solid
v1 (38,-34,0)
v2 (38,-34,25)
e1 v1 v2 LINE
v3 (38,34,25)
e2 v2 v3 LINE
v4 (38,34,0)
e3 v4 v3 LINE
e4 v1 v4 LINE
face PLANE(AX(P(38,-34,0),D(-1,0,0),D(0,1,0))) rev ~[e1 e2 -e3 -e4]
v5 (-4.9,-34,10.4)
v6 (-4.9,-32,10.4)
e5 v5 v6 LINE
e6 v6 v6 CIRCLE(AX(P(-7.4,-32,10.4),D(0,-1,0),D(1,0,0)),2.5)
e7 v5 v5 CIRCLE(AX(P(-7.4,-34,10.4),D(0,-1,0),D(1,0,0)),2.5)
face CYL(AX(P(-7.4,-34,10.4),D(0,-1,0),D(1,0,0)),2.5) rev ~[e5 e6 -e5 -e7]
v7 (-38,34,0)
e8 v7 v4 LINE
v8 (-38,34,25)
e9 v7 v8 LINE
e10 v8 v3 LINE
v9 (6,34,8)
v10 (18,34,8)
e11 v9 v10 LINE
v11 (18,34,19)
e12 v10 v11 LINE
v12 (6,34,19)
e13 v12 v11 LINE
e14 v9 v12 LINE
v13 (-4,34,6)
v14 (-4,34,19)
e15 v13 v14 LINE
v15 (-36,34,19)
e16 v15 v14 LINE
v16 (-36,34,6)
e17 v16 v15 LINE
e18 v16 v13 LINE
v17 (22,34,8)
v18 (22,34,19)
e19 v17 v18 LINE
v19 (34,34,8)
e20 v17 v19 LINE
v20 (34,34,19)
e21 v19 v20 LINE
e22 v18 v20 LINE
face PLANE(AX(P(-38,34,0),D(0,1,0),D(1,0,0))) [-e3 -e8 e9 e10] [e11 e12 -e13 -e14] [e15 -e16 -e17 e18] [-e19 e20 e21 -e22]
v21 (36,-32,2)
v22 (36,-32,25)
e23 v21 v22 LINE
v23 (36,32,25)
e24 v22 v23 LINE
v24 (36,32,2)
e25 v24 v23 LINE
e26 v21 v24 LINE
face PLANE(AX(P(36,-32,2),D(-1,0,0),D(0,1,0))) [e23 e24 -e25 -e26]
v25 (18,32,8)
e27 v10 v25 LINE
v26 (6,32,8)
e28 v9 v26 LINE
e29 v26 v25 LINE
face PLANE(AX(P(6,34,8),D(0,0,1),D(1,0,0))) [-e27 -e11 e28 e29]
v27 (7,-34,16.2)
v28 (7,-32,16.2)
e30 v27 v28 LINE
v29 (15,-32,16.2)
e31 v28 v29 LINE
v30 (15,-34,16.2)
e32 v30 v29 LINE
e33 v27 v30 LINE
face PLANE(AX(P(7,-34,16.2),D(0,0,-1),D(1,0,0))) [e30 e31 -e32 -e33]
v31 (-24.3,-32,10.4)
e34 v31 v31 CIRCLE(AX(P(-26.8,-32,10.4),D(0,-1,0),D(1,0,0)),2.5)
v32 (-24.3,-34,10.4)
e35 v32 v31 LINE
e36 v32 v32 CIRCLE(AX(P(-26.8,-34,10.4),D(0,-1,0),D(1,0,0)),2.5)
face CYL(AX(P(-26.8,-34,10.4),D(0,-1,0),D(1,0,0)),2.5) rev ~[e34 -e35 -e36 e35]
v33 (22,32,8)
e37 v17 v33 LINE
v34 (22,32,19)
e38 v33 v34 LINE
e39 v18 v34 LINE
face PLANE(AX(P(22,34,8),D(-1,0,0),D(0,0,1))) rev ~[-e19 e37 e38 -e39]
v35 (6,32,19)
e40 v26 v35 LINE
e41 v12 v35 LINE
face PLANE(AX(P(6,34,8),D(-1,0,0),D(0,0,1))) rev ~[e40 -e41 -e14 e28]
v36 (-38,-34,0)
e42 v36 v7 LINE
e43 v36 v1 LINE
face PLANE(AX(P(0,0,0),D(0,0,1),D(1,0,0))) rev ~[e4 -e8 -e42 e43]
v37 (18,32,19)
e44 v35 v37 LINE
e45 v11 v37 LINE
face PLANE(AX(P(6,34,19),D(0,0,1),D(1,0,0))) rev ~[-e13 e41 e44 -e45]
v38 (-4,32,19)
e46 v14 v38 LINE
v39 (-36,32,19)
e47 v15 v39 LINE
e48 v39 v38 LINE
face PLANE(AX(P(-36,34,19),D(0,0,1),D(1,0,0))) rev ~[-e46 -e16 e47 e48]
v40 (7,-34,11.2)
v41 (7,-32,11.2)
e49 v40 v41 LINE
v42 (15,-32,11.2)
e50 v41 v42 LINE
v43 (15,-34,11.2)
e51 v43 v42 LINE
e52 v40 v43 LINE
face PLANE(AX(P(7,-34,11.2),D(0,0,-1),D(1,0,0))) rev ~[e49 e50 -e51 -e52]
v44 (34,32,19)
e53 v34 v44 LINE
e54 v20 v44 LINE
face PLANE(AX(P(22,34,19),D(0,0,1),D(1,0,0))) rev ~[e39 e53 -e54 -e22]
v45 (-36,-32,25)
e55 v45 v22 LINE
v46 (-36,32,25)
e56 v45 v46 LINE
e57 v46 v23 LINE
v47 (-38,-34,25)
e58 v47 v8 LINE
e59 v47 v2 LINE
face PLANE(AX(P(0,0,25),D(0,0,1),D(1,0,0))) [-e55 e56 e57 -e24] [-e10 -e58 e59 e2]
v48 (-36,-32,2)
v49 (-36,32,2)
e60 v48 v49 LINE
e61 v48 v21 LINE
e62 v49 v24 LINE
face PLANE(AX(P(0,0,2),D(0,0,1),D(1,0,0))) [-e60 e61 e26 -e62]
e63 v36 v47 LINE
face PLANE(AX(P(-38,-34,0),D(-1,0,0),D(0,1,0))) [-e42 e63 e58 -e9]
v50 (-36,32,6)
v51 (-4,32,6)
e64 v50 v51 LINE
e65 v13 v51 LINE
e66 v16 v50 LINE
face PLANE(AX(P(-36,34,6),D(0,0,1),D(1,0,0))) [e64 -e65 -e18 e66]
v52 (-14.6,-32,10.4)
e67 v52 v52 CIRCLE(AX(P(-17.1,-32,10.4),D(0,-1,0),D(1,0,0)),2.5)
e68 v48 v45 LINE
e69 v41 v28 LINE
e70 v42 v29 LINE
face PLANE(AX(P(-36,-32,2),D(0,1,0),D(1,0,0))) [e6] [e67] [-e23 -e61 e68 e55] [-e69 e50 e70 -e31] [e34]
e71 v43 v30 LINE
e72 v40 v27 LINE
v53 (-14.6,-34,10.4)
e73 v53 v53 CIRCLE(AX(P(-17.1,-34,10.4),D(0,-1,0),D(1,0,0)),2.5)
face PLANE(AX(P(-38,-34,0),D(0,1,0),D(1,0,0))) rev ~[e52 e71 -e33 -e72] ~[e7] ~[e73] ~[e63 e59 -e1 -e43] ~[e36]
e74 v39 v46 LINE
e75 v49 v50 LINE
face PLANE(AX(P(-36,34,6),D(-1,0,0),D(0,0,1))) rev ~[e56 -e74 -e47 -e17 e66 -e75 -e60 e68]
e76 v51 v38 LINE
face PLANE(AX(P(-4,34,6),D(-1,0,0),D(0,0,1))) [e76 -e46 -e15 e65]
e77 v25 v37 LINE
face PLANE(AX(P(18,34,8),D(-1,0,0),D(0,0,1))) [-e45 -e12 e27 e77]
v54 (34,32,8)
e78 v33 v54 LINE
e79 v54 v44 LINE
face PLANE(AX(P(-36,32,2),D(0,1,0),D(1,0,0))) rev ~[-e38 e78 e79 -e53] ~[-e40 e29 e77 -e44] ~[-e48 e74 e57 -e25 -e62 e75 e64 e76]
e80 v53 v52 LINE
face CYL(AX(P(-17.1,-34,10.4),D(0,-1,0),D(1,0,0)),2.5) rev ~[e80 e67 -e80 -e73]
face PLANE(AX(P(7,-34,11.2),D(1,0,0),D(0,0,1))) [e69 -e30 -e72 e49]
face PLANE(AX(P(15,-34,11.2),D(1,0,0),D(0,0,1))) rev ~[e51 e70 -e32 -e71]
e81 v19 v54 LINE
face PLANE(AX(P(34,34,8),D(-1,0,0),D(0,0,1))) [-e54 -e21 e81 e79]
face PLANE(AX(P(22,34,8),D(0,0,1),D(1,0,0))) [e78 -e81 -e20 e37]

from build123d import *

# Parameters (mm, degrees)
SKETCH_W        = 76
SKETCH_H        = 68
PAD_DEPTH       = 25
SKETCH001_W     = 72
SKETCH001_H     = 64
POCKET_DEPTH    = 23
SKETCH002_R     = 2.5
SKETCH002_W     = 8
SKETCH002_H     = 5
POCKET001_DEPTH = 2
SKETCH003_W     = 32
SKETCH003_H     = 13
SKETCH003_W_2   = 12
SKETCH003_H_2   = 11
POCKET002_DEPTH = 2


with BuildPart() as part:
    # Sketch → Pad (new body)
    with BuildSketch(Plane.XY):
        Rectangle(SKETCH_W, SKETCH_H)
    extrude(amount=PAD_DEPTH)

    # Sketch001 → Pocket (cut)
    with BuildSketch(Plane.XY.offset(2)):
        Rectangle(SKETCH001_W, SKETCH001_H)
    extrude(amount=POCKET_DEPTH, mode=Mode.SUBTRACT)

    # Sketch002 → Pocket001 (cut)
    with BuildSketch(Plane.XZ.offset(34)):
        with Locations((-7.4, 10.4)):
            Circle(SKETCH002_R)
        with Locations((-17.1, 10.4)):
            Circle(SKETCH002_R)
        with Locations((-26.8, 10.4)):
            Circle(SKETCH002_R)
        with Locations((11, 13.7)):
            Rectangle(SKETCH002_W, SKETCH002_H)
    extrude(amount=-POCKET001_DEPTH, mode=Mode.SUBTRACT)

    # Sketch003 → Pocket002 (cut)
    with BuildSketch(Plane.XZ.offset(-34)):
        with Locations((-20, 12.5)):
            Rectangle(SKETCH003_W, SKETCH003_H)
        with Locations((12, 13.5)):
            Rectangle(SKETCH003_W_2, SKETCH003_H_2)
        with Locations((28, 13.5)):
            Rectangle(SKETCH003_W_2, SKETCH003_H_2)
    extrude(amount=POCKET002_DEPTH, mode=Mode.SUBTRACT)


solid = part.part
